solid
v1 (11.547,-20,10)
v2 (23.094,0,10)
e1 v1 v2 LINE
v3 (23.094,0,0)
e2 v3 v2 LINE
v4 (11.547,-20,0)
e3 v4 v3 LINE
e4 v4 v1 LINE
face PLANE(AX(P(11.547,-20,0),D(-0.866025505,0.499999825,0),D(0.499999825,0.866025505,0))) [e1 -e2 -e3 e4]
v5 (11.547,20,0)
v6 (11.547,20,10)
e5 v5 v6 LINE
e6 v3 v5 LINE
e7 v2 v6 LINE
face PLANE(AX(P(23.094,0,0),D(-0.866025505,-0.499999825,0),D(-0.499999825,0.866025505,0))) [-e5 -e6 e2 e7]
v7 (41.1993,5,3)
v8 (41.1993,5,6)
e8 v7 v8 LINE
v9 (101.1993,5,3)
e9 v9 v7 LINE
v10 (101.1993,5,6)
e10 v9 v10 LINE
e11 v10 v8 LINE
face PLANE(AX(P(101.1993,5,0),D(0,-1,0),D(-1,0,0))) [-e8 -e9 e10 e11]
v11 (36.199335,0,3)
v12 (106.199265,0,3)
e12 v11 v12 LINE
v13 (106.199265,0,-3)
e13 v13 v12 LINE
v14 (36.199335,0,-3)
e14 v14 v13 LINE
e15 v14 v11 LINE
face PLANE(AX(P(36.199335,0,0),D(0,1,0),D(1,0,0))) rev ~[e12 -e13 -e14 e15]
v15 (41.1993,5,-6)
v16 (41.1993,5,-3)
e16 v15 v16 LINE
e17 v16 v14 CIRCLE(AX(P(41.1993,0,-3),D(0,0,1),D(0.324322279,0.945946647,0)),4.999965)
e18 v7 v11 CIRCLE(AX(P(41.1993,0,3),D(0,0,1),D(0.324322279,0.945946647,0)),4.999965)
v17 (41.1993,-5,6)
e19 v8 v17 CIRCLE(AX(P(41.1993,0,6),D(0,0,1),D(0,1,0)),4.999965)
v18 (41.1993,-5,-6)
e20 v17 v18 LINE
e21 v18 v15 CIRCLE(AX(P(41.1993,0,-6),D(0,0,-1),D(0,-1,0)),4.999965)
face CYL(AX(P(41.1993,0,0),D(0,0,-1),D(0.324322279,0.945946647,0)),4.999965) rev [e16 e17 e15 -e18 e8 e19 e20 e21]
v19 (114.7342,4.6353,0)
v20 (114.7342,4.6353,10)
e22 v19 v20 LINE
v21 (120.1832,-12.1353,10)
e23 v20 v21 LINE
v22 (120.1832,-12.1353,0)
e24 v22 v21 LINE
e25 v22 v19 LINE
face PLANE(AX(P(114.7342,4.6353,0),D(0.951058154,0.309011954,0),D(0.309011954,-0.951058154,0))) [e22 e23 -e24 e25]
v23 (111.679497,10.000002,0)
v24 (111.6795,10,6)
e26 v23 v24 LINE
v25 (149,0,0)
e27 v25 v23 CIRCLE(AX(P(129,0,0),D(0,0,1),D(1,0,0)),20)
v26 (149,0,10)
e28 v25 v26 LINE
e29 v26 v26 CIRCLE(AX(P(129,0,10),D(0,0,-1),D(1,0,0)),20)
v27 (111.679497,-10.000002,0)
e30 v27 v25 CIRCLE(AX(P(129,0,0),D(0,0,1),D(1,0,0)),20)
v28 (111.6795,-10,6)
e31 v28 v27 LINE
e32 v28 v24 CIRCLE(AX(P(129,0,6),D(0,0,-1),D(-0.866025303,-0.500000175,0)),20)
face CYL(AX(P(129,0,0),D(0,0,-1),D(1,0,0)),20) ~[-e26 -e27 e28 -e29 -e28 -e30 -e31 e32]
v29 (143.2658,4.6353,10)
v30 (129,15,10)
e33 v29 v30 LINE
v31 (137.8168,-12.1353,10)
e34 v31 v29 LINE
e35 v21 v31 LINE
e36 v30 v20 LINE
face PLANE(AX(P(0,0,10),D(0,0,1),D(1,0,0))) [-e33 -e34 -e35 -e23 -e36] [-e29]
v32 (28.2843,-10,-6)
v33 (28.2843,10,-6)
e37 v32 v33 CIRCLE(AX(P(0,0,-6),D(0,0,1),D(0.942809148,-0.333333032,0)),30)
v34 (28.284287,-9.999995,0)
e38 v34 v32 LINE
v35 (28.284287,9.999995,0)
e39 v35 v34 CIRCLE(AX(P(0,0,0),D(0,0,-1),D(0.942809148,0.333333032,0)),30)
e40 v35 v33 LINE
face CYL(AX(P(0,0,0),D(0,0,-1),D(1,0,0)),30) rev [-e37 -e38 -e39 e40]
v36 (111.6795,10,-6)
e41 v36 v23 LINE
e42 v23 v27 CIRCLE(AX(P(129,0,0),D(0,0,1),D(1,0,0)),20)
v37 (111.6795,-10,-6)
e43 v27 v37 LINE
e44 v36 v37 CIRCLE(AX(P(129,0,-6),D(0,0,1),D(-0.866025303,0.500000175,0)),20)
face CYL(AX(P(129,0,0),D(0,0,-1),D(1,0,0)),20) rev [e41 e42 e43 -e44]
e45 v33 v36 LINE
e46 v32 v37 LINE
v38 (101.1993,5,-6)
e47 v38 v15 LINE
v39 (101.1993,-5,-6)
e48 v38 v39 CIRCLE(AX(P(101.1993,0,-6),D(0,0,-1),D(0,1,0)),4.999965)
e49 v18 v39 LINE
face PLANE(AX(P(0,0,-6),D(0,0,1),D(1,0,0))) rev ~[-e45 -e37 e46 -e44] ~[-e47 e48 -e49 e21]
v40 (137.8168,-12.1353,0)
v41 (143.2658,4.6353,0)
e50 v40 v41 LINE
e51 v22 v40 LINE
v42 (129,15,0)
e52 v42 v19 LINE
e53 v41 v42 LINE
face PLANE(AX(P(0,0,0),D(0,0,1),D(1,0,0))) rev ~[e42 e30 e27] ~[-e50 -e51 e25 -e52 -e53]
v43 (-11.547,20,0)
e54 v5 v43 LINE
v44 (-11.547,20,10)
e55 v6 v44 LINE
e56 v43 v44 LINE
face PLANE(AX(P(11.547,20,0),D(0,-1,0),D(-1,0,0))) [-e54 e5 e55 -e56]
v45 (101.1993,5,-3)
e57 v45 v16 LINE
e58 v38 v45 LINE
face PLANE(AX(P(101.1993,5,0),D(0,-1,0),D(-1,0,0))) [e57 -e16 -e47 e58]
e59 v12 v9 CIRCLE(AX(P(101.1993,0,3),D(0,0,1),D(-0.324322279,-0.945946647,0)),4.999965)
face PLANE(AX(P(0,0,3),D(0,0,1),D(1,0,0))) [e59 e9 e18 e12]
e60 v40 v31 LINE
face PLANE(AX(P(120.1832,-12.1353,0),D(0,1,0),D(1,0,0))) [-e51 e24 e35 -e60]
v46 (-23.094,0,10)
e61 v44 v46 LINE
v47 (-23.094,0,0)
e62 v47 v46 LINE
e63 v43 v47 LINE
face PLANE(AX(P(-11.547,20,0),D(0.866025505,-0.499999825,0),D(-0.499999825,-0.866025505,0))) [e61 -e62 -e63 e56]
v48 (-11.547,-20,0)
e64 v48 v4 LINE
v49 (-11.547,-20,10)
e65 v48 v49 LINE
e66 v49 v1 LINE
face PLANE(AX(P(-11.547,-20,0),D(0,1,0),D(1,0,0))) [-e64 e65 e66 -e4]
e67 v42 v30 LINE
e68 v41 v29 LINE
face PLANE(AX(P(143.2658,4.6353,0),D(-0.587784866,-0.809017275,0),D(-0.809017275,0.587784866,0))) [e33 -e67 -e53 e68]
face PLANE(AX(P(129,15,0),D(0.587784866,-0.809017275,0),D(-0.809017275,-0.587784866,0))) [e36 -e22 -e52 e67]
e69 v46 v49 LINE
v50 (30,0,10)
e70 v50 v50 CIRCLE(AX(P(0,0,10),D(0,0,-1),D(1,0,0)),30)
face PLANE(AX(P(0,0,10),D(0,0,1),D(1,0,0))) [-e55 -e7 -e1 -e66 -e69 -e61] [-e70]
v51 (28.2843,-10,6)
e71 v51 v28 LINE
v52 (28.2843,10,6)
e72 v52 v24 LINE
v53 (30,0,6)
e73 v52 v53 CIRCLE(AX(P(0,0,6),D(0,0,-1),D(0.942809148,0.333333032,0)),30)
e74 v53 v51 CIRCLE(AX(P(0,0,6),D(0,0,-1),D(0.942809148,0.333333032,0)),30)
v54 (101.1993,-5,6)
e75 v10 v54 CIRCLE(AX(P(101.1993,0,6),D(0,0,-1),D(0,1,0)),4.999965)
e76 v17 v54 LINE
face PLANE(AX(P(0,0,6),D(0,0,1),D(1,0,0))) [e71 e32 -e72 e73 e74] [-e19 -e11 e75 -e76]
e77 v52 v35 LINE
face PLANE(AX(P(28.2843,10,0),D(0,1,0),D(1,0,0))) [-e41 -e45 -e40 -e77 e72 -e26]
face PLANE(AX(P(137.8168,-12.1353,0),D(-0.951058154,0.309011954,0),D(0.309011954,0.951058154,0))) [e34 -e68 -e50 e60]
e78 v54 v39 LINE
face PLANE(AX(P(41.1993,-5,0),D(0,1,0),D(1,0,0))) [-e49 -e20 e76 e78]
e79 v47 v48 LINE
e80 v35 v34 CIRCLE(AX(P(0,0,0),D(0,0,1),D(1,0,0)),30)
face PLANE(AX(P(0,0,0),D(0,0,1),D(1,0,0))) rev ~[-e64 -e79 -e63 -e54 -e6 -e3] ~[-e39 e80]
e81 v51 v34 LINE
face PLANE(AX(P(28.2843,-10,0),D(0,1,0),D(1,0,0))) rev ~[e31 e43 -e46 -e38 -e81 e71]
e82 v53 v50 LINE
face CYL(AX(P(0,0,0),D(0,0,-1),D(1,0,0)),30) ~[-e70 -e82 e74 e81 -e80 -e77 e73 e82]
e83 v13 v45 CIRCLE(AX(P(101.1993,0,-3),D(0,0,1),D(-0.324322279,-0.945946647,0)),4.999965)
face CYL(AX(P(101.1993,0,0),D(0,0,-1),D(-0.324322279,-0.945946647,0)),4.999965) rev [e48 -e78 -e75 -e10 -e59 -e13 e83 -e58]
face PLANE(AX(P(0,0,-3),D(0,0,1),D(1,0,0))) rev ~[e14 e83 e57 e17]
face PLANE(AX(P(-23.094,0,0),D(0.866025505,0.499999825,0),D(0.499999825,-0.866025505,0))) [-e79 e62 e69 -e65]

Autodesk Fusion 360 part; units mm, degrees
sketch "Sketch1" plane through (0, 0, 0) normal (0, 0, 1) x (1, 0, 0) in component "ex2"
  circle A0 centre (0, 0) radius 30
  circle A1 centre (129, 0) radius 20
  line L0 (0, 0) -> (0, 43.8518) construction
  line L1 (129, 0) -> (129, 43.6821) construction
  line L2 (-11.547, 20) -> (-23.094, 0)
  line L3 (-23.094, 0) -> (-11.547, -20)
  line L4 (-11.547, -20) -> (11.547, -20)
  line L5 (11.547, -20) -> (23.094, 0)
  line L6 (23.094, 0) -> (11.547, 20)
  line L7 (11.547, 20) -> (-11.547, 20)
  line L8 (129, 15) -> (114.7342, 4.6353)
  line L9 (114.7342, 4.6353) -> (120.1832, -12.1353)
  line L10 (120.1832, -12.1353) -> (137.8168, -12.1353)
  line L11 (137.8168, -12.1353) -> (143.2658, 4.6353)
  line L12 (143.2658, 4.6353) -> (129, 15)
  line L13 (28.2843, 10) -> (111.6795, 10)
  line L14 (49.2985, 10) -> (49.2985, -10) construction
  line L15 (49.2985, 0) -> (56, 0) construction
  line L16 (28.2843, -10) -> (111.6795, -10)
  line L17 (119.4894, -10) -> (120.196, -10)
  line L18 (30, 0) -> (109, 0)
  line L19 (71.1993, 0) -> (71.1993, 28.9403) construction
  line L20 (101.1993, 5) -> (41.1993, 5)
  line L21 (41.1993, -5) -> (101.1993, -5)
  line L22 (101.1993, 5) -> (41.1993, -5) construction
  line L23 (41.1993, 5) -> (101.1993, -5) construction
  arc A2 (42.8209, 4.7297) -> (42.8209, -4.7297) centre (41.1993, 0) ccw
  arc A3 (99.5777, -4.7297) -> (99.5777, 4.7297) centre (101.1993, 0) ccw
  point P0 (129, 0)
  point P1 (71.1993, 0)
  dimension "d9" = 60
  dimension "d10" = 40
  dimension "d11" = 129
  dimension "d12" = 20
  dimension "d13" = 15
  dimension "d14" = 10
  dimension "d15" = 10
  dimension "d16" = 60
  dimension "d17" = 10
extrude "Extrude1" add sketch "Sketch1" along normal blind 10 contours A0 | A1 makes body 1 at (29.8509, 2.987, 6.6667) makes body 2 at (148.9006, -1.9914, 3.3333) in component "ex2"
extrude "Extrude2" add sketch "Sketch1" along normal mid plane 12 contours A0 A1 L16 L18 L21 A2 A3 | A0 A1 L13 L18 L20 A2 A3 bodies 1 2 in component "ex2"
extrude "Extrude3" add sketch "Sketch1" along normal mid plane 6 contours L18 L20 A2 A3 bodies 1 in component "ex2"
component "ex2" placed x (1, 0, 0) y (0, 1, 0) z (0, 0, 1) at (0, 0, 0)
